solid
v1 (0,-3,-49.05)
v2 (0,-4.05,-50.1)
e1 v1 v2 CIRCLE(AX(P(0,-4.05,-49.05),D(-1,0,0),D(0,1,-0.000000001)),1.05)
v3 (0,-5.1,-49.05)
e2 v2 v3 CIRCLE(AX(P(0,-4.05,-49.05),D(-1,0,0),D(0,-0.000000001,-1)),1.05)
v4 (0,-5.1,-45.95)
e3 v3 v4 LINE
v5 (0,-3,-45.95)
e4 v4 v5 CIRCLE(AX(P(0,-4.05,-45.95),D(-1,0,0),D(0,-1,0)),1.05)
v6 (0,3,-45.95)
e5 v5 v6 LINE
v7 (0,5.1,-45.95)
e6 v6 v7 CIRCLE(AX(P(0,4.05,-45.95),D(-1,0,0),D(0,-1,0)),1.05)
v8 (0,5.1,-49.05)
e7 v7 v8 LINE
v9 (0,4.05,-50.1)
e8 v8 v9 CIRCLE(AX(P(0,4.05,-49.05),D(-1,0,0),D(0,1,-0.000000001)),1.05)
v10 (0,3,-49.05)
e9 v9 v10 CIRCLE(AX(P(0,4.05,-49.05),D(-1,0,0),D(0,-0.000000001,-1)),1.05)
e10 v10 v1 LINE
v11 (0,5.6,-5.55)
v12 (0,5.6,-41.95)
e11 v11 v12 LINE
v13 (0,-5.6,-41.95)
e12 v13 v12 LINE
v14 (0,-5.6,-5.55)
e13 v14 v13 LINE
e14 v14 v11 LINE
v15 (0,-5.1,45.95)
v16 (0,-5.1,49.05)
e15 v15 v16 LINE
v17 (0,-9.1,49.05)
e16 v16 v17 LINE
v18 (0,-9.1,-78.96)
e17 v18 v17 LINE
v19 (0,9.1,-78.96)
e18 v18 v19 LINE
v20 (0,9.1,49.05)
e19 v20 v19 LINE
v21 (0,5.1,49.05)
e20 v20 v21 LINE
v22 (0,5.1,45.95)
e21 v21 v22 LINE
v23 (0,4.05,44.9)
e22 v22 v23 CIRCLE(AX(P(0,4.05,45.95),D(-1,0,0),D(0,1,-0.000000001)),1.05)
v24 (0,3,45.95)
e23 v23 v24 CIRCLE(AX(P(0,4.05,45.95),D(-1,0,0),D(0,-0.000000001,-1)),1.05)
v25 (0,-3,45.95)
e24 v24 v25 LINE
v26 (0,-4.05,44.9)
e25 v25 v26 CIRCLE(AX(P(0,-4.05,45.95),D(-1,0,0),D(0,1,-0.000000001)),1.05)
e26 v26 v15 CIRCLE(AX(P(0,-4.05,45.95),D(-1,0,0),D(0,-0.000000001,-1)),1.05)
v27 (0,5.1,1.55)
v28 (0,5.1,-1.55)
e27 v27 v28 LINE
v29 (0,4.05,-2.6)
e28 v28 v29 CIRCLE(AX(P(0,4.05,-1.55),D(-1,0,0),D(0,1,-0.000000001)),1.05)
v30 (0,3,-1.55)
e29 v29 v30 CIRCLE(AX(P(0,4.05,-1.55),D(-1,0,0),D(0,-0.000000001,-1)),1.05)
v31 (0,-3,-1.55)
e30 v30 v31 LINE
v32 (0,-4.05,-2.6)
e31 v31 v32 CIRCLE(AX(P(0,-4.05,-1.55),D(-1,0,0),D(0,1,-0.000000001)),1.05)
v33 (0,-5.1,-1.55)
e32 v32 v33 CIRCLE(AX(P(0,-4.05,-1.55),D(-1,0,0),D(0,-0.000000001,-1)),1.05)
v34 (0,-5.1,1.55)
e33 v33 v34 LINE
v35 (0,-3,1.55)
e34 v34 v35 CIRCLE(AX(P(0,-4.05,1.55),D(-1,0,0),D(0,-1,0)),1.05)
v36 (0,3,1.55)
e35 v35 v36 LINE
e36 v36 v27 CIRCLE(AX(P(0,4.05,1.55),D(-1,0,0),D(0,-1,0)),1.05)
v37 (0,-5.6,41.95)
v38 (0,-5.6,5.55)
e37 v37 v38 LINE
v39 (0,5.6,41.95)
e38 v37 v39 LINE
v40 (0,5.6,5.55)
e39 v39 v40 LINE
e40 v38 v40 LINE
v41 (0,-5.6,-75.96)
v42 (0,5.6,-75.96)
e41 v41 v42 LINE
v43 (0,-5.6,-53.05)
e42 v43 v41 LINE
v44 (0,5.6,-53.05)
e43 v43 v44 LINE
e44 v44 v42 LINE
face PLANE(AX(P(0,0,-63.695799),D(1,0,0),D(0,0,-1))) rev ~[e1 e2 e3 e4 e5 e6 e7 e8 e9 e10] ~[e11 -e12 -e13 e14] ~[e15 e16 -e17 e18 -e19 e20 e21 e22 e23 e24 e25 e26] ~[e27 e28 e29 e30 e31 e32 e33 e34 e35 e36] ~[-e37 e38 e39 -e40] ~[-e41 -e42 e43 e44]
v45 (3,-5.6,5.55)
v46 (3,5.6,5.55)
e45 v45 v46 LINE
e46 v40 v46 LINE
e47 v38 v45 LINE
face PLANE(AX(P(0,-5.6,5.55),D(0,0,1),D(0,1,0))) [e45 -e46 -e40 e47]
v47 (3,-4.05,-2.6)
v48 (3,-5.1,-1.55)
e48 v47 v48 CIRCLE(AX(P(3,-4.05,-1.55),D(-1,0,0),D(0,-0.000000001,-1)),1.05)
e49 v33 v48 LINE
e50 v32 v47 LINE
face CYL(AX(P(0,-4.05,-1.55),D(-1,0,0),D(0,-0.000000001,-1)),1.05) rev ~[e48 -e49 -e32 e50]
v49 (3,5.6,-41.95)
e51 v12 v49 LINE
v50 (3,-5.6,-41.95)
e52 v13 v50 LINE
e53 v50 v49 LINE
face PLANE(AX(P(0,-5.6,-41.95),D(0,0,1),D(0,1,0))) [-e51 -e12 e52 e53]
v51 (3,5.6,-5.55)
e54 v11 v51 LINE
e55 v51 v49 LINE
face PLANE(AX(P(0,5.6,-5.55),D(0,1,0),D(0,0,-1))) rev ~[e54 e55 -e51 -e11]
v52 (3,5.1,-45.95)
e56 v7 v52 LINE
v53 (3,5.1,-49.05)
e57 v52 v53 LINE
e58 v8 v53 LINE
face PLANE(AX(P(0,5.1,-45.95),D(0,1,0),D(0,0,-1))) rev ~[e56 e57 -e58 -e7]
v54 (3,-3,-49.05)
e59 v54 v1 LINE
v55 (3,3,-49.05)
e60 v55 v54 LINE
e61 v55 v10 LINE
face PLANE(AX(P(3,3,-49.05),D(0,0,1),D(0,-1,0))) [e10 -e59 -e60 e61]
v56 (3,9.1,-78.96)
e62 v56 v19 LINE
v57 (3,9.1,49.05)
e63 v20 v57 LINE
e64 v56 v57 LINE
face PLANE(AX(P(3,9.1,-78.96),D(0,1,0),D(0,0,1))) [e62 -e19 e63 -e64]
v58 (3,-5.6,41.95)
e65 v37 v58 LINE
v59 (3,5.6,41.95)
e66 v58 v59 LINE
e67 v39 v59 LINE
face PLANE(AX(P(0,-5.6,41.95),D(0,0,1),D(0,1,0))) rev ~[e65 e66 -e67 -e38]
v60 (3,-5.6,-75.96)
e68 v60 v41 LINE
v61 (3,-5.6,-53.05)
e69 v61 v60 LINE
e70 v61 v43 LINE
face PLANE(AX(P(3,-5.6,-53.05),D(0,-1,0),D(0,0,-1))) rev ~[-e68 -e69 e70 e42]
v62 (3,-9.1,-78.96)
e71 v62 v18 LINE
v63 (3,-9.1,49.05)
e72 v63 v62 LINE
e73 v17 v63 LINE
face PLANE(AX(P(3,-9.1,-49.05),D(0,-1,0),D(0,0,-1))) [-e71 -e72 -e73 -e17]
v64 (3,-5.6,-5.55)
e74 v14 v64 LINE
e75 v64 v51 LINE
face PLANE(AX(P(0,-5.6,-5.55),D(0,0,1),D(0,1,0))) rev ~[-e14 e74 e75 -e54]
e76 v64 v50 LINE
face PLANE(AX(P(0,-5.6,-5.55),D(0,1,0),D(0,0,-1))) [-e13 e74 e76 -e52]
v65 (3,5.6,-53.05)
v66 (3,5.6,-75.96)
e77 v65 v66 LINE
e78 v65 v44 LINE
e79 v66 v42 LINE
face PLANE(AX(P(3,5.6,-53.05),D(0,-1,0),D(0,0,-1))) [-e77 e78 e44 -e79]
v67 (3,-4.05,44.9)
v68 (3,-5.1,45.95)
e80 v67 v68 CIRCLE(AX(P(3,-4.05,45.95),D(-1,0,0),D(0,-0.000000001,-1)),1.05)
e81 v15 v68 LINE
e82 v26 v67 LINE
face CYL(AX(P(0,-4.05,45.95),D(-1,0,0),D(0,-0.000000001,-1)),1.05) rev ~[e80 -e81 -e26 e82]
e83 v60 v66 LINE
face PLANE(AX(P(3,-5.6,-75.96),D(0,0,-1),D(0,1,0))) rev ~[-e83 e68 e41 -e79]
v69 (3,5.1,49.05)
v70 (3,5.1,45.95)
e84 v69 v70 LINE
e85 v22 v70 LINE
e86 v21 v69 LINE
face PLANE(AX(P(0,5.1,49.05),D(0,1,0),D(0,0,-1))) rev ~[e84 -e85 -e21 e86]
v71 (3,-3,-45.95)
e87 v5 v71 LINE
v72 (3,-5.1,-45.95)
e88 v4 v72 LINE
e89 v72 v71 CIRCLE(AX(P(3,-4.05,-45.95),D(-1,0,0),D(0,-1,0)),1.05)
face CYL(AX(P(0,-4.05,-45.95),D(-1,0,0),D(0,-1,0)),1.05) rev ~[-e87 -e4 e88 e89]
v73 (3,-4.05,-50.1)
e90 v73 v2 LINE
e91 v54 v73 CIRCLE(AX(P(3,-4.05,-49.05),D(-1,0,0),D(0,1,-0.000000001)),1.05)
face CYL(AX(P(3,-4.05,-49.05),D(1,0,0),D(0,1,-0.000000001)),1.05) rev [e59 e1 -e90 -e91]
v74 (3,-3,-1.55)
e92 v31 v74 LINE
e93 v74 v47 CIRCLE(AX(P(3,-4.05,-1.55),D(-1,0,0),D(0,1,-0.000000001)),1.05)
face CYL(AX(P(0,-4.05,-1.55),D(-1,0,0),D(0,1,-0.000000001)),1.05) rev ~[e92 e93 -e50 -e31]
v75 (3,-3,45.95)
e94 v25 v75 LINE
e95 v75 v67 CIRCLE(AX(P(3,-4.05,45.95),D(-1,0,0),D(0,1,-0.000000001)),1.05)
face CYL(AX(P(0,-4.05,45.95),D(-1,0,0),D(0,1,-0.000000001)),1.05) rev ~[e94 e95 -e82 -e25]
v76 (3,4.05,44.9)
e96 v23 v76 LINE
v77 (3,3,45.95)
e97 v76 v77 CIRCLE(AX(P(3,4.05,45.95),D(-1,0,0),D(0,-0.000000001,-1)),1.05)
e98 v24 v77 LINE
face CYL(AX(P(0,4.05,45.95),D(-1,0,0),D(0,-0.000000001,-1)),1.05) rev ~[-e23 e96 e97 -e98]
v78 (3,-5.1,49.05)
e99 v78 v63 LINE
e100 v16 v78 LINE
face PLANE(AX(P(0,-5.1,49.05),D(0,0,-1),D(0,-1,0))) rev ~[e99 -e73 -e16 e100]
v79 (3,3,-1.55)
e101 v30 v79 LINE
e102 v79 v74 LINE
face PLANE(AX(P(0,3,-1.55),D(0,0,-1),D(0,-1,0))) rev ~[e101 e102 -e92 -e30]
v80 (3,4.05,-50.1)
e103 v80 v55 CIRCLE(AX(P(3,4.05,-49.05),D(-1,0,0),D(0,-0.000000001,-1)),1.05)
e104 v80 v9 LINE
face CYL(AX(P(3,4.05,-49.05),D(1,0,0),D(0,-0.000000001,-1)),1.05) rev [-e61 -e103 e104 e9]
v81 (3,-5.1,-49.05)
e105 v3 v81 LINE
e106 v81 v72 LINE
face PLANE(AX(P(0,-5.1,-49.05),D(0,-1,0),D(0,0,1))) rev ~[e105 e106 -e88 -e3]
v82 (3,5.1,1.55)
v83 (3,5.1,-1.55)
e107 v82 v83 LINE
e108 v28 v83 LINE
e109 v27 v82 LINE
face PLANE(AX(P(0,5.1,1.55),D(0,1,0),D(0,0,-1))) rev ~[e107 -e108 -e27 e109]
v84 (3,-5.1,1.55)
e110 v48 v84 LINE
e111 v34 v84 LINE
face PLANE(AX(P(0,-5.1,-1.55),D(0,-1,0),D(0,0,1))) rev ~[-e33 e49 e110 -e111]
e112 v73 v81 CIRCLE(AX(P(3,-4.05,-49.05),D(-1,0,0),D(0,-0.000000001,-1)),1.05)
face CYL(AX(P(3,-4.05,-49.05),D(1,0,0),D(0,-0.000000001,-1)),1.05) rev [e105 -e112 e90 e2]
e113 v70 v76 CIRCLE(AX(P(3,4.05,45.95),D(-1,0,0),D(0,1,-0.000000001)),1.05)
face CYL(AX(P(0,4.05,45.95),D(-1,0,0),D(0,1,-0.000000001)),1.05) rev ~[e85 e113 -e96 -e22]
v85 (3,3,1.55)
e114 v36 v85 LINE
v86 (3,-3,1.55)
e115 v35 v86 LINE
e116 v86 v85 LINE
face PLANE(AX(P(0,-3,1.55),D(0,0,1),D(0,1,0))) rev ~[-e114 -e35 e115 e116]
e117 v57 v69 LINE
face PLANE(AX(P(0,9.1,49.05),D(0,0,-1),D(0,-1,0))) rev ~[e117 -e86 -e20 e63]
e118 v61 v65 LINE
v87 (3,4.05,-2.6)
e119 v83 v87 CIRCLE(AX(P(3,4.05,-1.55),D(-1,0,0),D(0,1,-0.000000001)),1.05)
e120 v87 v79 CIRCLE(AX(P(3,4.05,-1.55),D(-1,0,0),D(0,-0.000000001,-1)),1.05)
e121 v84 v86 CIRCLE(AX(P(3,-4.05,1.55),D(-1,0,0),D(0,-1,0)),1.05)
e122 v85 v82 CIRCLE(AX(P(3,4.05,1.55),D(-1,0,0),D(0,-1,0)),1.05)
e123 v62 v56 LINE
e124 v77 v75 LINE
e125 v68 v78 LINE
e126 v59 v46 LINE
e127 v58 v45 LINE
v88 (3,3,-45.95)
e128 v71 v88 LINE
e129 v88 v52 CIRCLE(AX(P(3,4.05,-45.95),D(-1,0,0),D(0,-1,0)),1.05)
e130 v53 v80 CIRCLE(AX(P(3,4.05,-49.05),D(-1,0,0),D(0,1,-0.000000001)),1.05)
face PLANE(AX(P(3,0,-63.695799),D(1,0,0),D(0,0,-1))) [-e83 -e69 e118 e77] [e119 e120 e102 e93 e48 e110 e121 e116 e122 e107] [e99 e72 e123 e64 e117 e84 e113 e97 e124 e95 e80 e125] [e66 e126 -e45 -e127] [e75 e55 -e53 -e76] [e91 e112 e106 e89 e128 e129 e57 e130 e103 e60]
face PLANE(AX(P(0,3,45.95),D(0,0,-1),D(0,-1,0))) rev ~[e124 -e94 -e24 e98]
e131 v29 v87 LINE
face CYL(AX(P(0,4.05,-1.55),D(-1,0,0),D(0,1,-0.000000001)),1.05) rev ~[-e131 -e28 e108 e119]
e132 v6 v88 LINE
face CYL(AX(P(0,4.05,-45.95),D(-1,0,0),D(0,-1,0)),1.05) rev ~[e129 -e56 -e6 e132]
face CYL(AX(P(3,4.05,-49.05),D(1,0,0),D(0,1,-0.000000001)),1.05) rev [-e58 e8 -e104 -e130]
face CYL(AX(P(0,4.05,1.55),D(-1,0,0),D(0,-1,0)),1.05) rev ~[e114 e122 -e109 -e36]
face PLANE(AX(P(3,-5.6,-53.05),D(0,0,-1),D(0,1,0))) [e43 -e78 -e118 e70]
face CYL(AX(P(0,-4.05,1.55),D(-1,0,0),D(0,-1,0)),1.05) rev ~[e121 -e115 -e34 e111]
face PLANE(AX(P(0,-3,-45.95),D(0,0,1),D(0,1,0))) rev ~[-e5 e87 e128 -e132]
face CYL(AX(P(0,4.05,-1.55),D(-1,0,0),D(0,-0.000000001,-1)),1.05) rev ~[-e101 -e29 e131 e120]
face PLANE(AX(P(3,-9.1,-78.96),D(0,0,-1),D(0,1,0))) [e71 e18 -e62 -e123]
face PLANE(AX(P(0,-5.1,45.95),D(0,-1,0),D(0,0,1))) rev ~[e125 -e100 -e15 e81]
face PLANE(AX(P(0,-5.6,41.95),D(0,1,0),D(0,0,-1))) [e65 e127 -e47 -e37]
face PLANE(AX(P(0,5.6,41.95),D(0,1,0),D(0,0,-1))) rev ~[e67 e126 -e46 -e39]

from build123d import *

# Parameters (mm, degrees)
SKETCH_1_W      = 36.4
SKETCH_1_H      = 11.2
EXTRUDE_1_DEPTH = 3
SKETCH_2_W      = 22.91
SKETCH_2_H      = 11.2
EXTRUDE_2_DEPTH = 3


with BuildPart() as part:
    # 草图1 → 凸台-拉伸1 (new body)
    with BuildSketch(Plane(origin=(0, 0, 0), x_dir=(0, 0, -1), z_dir=(1, 0, 0))):
        with BuildLine():
            ThreePointArc((-44.9, -4.05), (-45.20753788, -4.79246212), (-45.95, -5.1))
            Line((-45.95, -5.1), (-49.05, -5.1))
            Line((-49.05, -5.1), (-49.05, -9.1))
            Line((-49.05, -9.1), (49.05, -9.1))
            Line((49.05, -9.1), (49.05, -5.1))
            Line((49.05, -5.1), (45.95, -5.1))
            ThreePointArc((45.95, -5.1), (44.9, -4.05), (45.95, -3))
            Line((45.95, -3), (45.95, 3))
            ThreePointArc((45.95, 3), (44.9, 4.05), (45.95, 5.1))
            Line((45.95, 5.1), (49.05, 5.1))
            Line((49.05, 5.1), (49.05, 9.1))
            Line((49.05, 9.1), (-49.05, 9.1))
            Line((-49.05, 9.1), (-49.05, 5.1))
            Line((-49.05, 5.1), (-45.95, 5.1))
            ThreePointArc((-45.95, 5.1), (-45.20753788, 4.79246212), (-44.9, 4.05))
            ThreePointArc((-44.9, 4.05), (-45.20753788, 3.30753788), (-45.95, 3))
            Line((-45.95, 3), (-45.95, -3))
            ThreePointArc((-45.95, -3), (-45.20753788, -3.30753788), (-44.9, -4.05))
        make_face()
        with Locations((-23.75, 0)):
            Rectangle(SKETCH_1_W, SKETCH_1_H, mode=Mode.SUBTRACT)
        with BuildLine():
            ThreePointArc((2.6, -4.05), (2.29246212, -4.79246212), (1.55, -5.1))
            Line((1.55, -5.1), (-1.55, -5.1))
            ThreePointArc((-1.55, -5.1), (-2.6, -4.05), (-1.55, -3))
            Line((-1.55, -3), (-1.55, 3))
            ThreePointArc((-1.55, 3), (-2.6, 4.05), (-1.55, 5.1))
            Line((-1.55, 5.1), (1.55, 5.1))
            ThreePointArc((1.55, 5.1), (2.29246212, 4.79246212), (2.6, 4.05))
            ThreePointArc((2.6, 4.05), (2.29246212, 3.30753788), (1.55, 3))
            Line((1.55, 3), (1.55, -3))
            ThreePointArc((1.55, -3), (2.29246212, -3.30753788), (2.6, -4.05))
        make_face(mode=Mode.SUBTRACT)
        with Locations((23.75, 0)):
            Rectangle(SKETCH_1_W, SKETCH_1_H, mode=Mode.SUBTRACT)
    extrude(amount=EXTRUDE_1_DEPTH)

    # 草图2 → 凸台-拉伸2 (add)
    with BuildSketch(Plane(origin=(3, 0, 0), x_dir=(0, 0, -1), z_dir=(1, 0, 0))):
        with BuildLine():
            Line((49.05, -5.1), (49.05, -9.1))
            Line((49.05, -9.1), (78.96, -9.1))
            Line((78.96, -9.1), (78.96, 9.1))
            Line((78.96, 9.1), (49.05, 9.1))
            Line((49.05, 9.1), (49.05, 5.1))
            ThreePointArc((49.05, 5.1), (49.79246212, 4.79246212), (50.1, 4.05))
            ThreePointArc((50.1, 4.05), (49.79246212, 3.30753788), (49.05, 3))
            Line((49.05, 3), (49.05, -3))
            ThreePointArc((49.05, -3), (49.79246212, -3.30753788), (50.1, -4.05))
            ThreePointArc((50.1, -4.05), (49.79246212, -4.79246212), (49.05, -5.1))
        make_face()
        with Locations((64.505, 0)):
            Rectangle(SKETCH_2_W, SKETCH_2_H, mode=Mode.SUBTRACT)
    extrude(amount=-EXTRUDE_2_DEPTH)


solid = part.part
